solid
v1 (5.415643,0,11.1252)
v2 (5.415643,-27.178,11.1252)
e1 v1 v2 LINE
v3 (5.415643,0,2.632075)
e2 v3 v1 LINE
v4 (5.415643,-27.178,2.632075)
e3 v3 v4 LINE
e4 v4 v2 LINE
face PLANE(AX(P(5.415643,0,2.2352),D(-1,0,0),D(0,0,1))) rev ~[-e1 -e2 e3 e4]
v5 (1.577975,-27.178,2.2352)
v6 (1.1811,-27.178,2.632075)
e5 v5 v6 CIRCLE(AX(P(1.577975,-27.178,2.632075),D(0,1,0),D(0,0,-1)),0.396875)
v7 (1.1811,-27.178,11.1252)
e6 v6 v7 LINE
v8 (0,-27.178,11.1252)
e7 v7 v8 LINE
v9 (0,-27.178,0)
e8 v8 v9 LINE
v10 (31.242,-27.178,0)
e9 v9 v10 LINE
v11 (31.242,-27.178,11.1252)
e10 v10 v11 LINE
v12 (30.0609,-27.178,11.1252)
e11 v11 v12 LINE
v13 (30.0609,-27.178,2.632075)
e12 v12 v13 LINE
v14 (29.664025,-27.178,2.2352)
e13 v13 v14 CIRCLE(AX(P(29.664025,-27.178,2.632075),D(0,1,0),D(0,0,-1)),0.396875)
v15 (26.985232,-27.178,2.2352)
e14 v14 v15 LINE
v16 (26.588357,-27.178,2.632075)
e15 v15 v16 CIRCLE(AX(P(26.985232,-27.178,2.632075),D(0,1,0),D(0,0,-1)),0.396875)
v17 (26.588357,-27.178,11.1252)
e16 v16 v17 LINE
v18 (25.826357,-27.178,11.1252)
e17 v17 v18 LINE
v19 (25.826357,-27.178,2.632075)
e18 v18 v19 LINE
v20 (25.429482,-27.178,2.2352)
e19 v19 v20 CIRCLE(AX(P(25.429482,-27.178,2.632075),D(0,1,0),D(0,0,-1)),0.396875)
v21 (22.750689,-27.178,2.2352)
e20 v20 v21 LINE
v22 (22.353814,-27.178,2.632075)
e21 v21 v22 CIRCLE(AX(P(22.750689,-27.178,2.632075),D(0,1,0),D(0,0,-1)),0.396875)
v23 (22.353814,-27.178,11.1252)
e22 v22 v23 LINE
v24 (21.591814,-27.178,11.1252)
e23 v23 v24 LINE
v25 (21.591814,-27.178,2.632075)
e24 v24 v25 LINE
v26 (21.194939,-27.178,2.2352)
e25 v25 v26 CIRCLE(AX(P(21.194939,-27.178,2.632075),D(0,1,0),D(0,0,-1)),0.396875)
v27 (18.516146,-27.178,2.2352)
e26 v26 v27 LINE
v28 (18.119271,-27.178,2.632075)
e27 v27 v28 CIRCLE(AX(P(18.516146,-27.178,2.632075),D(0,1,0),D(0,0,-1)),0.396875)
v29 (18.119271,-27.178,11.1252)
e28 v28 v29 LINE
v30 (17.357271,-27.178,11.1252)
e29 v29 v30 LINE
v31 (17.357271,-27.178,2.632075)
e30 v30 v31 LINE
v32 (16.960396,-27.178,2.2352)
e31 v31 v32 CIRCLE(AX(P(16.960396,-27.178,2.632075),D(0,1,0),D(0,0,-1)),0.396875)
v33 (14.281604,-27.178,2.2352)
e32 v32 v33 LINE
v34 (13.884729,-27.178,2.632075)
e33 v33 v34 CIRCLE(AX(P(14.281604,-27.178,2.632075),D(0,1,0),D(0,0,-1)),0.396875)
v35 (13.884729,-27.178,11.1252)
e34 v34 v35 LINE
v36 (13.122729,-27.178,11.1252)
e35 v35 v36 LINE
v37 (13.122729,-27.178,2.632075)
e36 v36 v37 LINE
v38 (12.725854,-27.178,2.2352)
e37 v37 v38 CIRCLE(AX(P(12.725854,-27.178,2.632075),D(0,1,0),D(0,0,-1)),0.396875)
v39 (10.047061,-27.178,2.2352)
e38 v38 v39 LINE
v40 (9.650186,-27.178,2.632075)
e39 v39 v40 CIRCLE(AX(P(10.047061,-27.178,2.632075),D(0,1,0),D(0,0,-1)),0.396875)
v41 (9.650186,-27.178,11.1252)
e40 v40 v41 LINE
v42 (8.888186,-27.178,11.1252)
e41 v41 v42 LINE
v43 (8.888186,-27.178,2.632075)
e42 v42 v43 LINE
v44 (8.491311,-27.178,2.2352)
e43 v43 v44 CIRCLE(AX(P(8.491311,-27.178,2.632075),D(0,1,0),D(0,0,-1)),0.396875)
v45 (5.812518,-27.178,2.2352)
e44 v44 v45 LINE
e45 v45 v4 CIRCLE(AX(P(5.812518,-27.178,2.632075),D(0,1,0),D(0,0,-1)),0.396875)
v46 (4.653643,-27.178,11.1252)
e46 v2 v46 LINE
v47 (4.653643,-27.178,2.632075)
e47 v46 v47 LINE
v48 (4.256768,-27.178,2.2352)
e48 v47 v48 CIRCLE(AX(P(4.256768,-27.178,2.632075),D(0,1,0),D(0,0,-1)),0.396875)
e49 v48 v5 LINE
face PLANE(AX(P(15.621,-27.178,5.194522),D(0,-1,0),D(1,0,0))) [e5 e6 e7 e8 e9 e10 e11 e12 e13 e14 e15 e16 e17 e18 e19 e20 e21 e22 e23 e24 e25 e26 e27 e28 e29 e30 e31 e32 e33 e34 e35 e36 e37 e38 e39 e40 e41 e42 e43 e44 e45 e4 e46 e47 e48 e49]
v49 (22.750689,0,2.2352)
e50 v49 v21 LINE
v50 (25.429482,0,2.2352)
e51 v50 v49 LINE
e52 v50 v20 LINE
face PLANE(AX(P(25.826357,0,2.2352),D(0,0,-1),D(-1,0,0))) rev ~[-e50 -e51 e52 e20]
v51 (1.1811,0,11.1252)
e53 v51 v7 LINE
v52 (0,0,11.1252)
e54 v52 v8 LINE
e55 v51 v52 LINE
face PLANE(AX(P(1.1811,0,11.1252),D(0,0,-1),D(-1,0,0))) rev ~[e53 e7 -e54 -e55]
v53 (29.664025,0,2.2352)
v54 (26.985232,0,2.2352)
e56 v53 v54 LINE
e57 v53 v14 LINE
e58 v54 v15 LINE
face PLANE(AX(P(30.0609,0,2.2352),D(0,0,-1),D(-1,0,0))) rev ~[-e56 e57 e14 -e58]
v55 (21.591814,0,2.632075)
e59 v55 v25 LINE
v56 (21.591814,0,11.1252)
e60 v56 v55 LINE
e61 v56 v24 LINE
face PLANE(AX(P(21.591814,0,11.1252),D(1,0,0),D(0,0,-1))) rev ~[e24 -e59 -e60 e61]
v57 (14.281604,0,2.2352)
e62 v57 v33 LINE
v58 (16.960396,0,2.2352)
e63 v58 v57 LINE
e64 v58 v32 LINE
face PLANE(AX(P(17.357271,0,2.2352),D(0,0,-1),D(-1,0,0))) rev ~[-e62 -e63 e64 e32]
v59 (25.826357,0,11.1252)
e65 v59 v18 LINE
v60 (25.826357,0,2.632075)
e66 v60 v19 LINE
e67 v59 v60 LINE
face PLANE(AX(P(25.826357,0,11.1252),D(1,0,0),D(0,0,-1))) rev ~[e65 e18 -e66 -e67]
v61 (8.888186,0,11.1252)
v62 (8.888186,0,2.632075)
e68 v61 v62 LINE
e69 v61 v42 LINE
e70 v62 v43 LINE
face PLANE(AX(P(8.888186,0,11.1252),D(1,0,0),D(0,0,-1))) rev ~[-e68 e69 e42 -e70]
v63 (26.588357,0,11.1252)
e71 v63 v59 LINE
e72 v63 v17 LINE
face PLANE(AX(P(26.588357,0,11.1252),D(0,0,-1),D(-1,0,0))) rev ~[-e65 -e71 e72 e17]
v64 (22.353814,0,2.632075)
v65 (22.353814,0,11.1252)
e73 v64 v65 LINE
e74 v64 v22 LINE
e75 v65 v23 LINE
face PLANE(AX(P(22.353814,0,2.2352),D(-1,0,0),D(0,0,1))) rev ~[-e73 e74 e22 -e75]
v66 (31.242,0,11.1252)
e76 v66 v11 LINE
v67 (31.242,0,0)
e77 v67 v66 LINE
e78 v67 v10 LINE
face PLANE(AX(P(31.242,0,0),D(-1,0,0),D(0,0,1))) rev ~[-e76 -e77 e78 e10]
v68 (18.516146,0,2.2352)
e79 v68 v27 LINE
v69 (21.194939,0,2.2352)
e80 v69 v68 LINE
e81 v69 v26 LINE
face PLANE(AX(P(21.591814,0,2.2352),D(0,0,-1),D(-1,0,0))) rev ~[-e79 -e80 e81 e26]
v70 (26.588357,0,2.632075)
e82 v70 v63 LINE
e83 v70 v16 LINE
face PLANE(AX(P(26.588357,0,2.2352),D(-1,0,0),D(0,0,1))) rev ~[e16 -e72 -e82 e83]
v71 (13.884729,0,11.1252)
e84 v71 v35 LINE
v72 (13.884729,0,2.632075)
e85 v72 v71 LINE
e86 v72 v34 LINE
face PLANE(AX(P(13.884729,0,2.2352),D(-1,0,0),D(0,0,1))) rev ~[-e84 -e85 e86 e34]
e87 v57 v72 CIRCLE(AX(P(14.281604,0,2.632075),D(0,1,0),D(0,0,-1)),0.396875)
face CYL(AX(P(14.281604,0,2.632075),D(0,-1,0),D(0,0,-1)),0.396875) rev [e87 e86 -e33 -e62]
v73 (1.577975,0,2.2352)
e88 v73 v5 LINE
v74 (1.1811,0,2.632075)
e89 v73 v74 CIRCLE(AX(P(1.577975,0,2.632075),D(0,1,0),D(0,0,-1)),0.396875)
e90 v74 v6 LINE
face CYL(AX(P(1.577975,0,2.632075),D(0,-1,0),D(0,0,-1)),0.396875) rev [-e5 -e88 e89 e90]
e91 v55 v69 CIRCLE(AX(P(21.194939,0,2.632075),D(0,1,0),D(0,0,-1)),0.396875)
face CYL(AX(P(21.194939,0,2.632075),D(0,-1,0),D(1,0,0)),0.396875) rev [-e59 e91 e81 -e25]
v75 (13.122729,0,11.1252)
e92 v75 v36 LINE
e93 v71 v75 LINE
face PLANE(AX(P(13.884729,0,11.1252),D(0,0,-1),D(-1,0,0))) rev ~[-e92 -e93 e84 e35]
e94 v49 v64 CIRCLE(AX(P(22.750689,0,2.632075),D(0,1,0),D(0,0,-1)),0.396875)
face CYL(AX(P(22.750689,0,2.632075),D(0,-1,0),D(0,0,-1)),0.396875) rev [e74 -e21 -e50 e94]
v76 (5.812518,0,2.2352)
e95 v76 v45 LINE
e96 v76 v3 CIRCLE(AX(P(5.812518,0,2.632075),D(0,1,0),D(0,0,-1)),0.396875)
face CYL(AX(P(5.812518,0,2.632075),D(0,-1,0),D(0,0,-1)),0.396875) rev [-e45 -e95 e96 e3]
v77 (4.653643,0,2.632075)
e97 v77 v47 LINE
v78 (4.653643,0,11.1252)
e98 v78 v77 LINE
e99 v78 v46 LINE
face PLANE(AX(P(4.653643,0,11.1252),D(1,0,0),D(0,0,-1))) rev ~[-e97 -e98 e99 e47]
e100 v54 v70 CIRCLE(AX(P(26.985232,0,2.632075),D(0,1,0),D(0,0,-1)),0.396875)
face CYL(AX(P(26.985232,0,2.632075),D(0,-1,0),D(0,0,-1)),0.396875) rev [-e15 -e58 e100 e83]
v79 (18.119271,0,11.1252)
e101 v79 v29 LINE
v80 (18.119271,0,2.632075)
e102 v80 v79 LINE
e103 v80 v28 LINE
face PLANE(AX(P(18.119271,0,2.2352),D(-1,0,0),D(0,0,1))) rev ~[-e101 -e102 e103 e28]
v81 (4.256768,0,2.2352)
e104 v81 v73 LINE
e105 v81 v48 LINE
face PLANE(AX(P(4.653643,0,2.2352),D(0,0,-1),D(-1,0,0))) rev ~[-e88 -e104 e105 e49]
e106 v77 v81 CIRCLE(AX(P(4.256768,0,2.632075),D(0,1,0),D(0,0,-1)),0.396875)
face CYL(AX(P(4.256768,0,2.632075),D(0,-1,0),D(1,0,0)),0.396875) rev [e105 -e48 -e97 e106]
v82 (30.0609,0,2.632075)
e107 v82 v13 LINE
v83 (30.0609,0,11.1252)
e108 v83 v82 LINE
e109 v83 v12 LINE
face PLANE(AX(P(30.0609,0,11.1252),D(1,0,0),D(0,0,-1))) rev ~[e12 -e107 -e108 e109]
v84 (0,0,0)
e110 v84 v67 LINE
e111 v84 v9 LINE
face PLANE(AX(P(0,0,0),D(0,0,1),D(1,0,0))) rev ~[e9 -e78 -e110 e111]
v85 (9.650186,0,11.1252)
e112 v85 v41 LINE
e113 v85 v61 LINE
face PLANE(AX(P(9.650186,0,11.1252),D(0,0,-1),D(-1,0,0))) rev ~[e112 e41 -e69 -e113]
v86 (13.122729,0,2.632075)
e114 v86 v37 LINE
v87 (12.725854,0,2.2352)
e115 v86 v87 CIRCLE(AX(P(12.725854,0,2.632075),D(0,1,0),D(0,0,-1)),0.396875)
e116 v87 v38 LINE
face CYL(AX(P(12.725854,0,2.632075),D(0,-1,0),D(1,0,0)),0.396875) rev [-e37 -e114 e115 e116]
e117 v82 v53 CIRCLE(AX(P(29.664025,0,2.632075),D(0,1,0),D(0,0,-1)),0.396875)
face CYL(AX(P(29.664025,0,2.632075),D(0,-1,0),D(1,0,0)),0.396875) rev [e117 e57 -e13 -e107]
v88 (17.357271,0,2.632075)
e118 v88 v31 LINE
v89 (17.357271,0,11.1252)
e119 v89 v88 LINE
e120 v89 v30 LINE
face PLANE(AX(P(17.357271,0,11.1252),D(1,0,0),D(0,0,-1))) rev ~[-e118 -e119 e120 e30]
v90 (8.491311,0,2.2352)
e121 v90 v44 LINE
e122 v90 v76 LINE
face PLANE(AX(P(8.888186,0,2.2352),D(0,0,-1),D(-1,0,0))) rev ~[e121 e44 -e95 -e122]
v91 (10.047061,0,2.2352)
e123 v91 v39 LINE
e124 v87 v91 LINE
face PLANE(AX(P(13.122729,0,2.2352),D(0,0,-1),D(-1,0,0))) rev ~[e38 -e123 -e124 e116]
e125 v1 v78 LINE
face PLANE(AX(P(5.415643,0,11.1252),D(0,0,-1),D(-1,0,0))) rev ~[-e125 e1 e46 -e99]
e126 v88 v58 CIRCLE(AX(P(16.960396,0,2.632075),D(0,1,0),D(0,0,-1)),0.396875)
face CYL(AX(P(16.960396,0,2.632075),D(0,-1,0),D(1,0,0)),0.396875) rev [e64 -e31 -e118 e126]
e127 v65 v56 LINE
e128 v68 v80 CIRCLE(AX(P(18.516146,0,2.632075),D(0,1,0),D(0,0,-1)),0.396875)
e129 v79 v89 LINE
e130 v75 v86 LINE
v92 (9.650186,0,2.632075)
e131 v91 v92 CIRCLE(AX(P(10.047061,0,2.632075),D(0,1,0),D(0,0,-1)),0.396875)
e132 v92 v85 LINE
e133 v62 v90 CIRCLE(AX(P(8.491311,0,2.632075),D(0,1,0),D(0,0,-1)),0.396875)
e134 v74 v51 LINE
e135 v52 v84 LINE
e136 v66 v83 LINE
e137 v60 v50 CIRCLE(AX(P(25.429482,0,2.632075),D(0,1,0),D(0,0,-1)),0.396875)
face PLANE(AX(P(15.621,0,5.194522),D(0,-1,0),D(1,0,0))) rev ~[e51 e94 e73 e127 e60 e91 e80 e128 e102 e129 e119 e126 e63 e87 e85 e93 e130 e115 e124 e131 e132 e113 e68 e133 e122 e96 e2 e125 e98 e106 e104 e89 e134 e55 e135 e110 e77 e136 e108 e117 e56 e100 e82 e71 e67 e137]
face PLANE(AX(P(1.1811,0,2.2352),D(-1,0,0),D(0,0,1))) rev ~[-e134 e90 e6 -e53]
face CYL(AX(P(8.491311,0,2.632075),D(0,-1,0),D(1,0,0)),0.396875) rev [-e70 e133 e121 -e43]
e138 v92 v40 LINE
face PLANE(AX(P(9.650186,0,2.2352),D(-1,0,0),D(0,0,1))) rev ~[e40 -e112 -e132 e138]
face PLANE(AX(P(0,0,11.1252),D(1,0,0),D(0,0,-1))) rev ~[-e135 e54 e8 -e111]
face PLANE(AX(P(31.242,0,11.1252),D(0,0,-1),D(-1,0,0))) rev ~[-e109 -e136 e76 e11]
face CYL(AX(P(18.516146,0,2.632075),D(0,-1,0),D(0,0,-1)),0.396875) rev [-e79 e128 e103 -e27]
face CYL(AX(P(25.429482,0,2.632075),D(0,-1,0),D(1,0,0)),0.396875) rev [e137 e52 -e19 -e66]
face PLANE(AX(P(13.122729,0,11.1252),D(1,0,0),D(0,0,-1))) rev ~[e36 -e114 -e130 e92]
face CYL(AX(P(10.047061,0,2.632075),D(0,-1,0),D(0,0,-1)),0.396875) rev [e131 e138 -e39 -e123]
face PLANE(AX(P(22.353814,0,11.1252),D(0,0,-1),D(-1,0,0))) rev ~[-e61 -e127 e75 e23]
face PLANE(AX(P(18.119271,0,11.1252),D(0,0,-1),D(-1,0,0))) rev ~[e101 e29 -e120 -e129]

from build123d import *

# Parameters (mm, degrees)
F1_DEPTH = 27.178
F2_R     = 0.396875


with BuildPart() as f1:
    # F0 (on Front) → F1 (new body)
    with BuildSketch(Plane.XZ):
        Polygon((0, 0), (31.242, 0), (31.242, 11.1252), (30.0609, 11.1252), (30.0609, 2.2352), (26.588357, 2.2352), (26.588357, 11.1252), (25.826357, 11.1252), (25.826357, 2.2352), (22.353814, 2.2352), (22.353814, 11.1252), (21.591814, 11.1252), (21.591814, 2.2352), (18.119271, 2.2352), (18.119271, 11.1252), (17.357271, 11.1252), (17.357271, 2.2352), (13.884729, 2.2352), (13.884729, 11.1252), (13.122729, 11.1252), (13.122729, 2.2352), (9.650186, 2.2352), (9.650186, 11.1252), (8.888186, 11.1252), (8.888186, 2.2352), (5.415643, 2.2352), (5.415643, 11.1252), (4.653643, 11.1252), (4.653643, 2.2352), (1.1811, 2.2352), (1.1811, 11.1252), (0, 11.1252), align=None)
    extrude(amount=F1_DEPTH)

    # F2
    f2_edges = [f1.edges().sort_by_distance(p)[0] for p in [
        (1.1811, -13.589, 2.2352),
        (4.653643, -13.589, 2.2352),
        (5.415643, -13.589, 2.2352),
        (8.888186, -13.589, 2.2352),
        (9.650186, -13.589, 2.2352),
        (13.122729, -13.589, 2.2352),
        (13.884729, -13.589, 2.2352),
        (17.357271, -13.589, 2.2352),
        (18.119271, -13.589, 2.2352),
        (21.591814, -13.589, 2.2352),
        (22.353814, -13.589, 2.2352),
        (25.826357, -13.589, 2.2352),
        (26.588357, -13.589, 2.2352),
        (30.0609, -13.589, 2.2352),
    ]]
    fillet(f2_edges, radius=F2_R)


solid = f1.part
